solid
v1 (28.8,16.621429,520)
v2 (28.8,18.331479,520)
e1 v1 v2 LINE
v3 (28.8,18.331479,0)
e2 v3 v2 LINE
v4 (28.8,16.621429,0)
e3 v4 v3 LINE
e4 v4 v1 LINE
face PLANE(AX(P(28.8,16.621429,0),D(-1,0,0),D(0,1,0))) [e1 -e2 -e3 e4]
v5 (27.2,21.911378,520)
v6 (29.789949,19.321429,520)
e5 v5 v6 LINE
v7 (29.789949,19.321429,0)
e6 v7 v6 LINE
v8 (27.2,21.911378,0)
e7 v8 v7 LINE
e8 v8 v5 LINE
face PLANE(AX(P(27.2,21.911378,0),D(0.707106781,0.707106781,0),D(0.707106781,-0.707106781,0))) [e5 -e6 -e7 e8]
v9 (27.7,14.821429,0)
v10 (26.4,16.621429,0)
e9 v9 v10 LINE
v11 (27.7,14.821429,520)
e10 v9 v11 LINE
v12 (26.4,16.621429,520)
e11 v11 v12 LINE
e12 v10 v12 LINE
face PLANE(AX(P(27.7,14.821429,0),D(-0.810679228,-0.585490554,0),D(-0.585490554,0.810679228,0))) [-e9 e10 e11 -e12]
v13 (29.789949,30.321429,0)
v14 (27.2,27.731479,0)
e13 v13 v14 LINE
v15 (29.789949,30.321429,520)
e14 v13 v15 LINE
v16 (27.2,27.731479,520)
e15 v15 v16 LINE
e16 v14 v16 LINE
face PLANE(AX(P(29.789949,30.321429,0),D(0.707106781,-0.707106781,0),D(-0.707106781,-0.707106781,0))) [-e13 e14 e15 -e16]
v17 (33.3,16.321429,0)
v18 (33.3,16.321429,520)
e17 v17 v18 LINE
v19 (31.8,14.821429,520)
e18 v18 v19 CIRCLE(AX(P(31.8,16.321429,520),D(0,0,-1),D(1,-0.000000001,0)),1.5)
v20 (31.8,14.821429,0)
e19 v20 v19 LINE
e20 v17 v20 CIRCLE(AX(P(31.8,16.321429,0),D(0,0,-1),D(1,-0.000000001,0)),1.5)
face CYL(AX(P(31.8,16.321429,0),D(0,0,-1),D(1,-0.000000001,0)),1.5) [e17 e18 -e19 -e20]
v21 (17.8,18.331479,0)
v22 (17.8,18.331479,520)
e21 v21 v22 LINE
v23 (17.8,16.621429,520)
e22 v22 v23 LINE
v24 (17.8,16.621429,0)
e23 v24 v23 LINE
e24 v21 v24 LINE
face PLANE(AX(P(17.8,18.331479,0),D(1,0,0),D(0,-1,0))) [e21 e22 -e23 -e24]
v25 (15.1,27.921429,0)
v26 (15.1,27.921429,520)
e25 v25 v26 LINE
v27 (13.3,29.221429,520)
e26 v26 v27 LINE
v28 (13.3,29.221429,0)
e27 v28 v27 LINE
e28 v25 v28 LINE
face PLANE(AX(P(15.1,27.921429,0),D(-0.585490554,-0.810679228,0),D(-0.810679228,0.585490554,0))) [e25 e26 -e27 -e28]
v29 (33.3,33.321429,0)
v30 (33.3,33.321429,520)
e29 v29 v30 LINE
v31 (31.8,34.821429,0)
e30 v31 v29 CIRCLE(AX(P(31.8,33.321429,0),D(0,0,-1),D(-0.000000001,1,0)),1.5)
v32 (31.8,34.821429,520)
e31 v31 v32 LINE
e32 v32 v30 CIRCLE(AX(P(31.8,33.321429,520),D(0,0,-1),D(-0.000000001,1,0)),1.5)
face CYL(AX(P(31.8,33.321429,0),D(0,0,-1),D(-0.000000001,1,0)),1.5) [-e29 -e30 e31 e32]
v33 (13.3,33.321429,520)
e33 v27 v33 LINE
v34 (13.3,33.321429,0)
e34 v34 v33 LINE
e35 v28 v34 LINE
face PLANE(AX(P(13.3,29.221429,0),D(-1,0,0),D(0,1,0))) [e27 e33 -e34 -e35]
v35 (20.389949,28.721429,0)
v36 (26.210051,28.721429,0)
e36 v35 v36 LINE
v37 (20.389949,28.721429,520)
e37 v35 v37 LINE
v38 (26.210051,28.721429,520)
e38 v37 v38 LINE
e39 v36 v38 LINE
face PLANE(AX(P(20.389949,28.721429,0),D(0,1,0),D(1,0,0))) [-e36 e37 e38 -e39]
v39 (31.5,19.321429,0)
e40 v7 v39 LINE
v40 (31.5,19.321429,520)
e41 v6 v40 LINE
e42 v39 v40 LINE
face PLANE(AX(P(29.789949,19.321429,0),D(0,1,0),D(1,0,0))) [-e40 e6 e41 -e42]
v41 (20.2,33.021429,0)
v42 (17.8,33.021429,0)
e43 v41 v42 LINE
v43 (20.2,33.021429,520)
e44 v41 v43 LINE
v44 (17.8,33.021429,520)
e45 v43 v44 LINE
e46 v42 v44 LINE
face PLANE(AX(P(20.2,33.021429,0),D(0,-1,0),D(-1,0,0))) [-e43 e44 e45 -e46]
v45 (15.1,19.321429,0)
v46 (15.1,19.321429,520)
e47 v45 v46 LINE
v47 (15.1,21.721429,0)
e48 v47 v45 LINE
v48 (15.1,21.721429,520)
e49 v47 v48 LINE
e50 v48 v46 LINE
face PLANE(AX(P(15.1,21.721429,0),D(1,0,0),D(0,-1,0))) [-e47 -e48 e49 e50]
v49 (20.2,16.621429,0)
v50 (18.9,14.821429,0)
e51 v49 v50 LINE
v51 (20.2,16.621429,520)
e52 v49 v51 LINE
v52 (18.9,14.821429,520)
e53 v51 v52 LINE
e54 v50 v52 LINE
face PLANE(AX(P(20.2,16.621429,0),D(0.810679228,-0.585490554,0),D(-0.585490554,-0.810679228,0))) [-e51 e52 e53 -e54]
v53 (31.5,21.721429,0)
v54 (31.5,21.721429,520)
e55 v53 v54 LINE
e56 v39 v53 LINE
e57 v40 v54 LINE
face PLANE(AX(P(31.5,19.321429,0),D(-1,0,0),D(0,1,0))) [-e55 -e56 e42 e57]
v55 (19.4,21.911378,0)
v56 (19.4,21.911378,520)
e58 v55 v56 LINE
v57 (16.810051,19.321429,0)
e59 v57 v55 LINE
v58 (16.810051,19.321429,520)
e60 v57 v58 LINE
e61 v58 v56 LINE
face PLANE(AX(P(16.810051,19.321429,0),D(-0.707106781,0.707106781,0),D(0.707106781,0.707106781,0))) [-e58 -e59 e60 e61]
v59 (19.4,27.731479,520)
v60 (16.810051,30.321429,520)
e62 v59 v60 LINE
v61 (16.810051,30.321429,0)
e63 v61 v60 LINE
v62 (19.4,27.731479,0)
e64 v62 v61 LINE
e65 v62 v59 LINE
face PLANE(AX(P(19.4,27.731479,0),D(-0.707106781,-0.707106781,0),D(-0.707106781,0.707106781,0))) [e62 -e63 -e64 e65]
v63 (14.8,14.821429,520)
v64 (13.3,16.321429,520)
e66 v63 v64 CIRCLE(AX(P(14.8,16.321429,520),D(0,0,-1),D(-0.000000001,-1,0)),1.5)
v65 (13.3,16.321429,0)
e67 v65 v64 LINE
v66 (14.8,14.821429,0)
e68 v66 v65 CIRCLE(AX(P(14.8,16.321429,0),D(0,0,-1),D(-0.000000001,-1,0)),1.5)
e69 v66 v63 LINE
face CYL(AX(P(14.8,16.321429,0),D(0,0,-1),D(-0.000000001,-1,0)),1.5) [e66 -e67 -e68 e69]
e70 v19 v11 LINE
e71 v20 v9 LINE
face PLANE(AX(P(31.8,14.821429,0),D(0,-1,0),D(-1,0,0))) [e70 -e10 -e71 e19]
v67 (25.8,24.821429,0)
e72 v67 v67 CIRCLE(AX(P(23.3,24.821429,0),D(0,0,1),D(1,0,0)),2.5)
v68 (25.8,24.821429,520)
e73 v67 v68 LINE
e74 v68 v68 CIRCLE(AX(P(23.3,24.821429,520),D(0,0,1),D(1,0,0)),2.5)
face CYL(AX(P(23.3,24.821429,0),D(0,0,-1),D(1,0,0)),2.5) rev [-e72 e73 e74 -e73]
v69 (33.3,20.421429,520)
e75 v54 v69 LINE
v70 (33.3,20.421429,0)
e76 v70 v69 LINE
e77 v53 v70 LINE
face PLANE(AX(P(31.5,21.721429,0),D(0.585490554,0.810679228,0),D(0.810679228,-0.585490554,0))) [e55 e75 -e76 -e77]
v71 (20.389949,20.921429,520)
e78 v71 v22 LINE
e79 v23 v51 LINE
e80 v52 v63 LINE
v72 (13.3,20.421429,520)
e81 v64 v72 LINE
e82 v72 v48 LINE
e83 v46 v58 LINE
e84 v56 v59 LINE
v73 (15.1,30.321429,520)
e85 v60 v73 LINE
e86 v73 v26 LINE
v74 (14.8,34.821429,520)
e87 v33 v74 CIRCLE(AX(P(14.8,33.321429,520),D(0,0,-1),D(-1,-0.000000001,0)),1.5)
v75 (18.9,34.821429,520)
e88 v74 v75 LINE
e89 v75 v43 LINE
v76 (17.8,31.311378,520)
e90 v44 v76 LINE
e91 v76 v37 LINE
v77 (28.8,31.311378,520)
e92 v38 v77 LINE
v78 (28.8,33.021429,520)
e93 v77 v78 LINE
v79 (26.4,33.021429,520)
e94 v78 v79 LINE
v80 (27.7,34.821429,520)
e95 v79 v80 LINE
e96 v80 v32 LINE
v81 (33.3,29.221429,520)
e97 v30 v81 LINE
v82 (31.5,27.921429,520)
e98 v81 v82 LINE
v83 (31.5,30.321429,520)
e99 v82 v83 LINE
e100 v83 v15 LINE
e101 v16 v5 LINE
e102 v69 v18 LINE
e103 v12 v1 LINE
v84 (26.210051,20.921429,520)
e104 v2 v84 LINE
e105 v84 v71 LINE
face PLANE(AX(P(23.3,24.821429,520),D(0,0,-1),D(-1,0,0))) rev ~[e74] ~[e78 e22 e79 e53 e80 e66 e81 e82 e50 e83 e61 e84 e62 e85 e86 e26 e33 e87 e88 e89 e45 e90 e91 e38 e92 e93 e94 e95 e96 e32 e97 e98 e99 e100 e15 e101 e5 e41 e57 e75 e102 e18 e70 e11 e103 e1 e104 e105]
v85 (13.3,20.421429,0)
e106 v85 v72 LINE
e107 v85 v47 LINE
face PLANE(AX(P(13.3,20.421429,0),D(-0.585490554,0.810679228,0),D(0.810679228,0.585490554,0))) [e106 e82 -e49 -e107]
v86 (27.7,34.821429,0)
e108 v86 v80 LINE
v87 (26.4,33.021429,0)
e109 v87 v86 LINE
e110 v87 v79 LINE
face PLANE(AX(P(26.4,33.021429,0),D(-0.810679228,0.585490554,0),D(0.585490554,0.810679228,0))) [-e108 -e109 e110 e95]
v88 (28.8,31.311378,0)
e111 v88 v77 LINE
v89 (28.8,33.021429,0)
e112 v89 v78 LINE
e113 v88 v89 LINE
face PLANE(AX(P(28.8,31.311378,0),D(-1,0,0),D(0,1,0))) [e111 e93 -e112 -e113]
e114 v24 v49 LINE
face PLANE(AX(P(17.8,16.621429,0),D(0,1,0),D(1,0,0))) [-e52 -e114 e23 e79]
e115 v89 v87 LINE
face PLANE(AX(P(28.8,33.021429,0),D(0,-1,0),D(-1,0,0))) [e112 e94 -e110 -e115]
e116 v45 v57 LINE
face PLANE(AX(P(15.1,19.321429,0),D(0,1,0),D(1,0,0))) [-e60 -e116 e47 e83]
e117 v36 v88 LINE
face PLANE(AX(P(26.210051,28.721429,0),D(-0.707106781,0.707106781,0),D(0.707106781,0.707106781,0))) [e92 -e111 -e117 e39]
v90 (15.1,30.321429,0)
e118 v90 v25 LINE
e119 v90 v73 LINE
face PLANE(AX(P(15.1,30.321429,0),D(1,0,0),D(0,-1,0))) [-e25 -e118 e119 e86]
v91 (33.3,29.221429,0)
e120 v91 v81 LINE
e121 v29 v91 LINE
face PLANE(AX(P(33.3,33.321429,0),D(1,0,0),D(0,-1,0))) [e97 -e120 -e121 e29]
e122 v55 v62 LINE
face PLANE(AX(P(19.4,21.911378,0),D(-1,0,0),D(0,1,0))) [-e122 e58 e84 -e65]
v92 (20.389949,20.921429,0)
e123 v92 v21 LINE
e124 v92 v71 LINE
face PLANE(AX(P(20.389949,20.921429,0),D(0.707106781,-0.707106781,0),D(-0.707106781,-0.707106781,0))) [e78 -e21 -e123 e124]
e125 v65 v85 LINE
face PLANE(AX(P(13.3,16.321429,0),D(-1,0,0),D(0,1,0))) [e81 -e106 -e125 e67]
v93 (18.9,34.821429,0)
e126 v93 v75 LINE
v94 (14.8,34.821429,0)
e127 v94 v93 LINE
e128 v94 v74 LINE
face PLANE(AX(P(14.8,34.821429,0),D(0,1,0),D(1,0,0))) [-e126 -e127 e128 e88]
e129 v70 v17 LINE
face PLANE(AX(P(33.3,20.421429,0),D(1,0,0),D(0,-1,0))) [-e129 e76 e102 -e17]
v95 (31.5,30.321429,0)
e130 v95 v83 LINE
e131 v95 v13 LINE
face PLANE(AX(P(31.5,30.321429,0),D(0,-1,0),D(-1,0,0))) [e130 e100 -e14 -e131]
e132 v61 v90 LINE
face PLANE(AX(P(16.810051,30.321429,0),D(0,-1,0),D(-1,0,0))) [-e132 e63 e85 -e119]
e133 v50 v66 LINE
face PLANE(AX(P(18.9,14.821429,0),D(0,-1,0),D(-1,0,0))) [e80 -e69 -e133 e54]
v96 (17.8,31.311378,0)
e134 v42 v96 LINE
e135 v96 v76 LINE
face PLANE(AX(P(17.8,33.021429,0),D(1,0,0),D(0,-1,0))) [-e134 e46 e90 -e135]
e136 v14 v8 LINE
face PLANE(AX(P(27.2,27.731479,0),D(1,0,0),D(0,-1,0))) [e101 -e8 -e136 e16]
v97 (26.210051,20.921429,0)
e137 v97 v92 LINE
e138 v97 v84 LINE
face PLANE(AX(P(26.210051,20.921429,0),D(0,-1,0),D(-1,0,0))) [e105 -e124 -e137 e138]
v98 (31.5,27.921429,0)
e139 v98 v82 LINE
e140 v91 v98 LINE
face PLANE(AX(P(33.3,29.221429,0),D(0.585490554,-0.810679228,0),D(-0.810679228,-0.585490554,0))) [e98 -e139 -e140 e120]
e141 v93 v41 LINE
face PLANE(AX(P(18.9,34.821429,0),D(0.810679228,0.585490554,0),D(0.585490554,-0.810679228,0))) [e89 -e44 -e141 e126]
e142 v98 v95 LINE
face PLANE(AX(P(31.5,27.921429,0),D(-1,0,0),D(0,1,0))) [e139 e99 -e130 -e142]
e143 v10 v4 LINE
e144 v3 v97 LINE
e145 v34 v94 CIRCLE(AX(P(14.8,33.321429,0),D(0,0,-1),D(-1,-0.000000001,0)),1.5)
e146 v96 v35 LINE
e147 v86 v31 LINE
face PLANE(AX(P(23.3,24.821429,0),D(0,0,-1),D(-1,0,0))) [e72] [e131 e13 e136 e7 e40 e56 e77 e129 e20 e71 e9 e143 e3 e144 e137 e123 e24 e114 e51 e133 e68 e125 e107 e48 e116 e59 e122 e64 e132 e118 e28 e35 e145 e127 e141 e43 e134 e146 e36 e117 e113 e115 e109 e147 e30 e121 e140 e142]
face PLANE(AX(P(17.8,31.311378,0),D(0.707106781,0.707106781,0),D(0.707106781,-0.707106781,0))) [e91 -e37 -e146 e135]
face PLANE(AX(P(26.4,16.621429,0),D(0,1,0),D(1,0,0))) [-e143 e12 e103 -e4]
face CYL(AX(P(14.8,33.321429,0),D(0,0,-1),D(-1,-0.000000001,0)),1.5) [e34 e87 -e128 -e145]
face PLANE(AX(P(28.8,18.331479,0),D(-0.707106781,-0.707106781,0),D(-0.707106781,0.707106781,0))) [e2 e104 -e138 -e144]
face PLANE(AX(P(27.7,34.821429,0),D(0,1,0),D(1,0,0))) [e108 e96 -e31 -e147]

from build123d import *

# Parameters (mm, degrees)
SKETCH_1_R      = 2.5
EXTRUDE_1_DEPTH = 520


with BuildPart() as part:
    # 草图1 → 凸台-拉伸1 (new body)
    with BuildSketch(Plane.XY):
        with BuildLine():
            Line((14.8, 34.821428571), (18.9, 34.821428571))
            Line((18.9, 34.821428571), (20.2, 33.021428571))
            Line((20.2, 33.021428571), (17.8, 33.021428571))
            Line((17.8, 33.021428571), (17.8, 31.311378065))
            Line((17.8, 31.311378065), (20.389949494, 28.721428571))
            Line((20.389949494, 28.721428571), (26.210050506, 28.721428571))
            Line((26.210050506, 28.721428571), (28.8, 31.311378065))
            Line((28.8, 31.311378065), (28.8, 33.021428571))
            Line((28.8, 33.021428571), (26.4, 33.021428571))
            Line((26.4, 33.021428571), (27.7, 34.821428571))
            Line((27.7, 34.821428571), (31.8, 34.821428571))
            ThreePointArc((31.8, 34.821428571), (32.860660172, 34.382088743), (33.3, 33.321428571))
            Line((33.3, 33.321428571), (33.3, 29.221428571))
            Line((33.3, 29.221428571), (31.5, 27.921428571))
            Line((31.5, 27.921428571), (31.5, 30.321428571))
            Line((31.5, 30.321428571), (29.789949494, 30.321428571))
            Line((29.789949494, 30.321428571), (27.2, 27.731479078))
            Line((27.2, 27.731479078), (27.2, 21.911378065))
            Line((27.2, 21.911378065), (29.789949494, 19.321428571))
            Line((29.789949494, 19.321428571), (31.5, 19.321428571))
            Line((31.5, 19.321428571), (31.5, 21.721428571))
            Line((31.5, 21.721428571), (33.3, 20.421428571))
            Line((33.3, 20.421428571), (33.3, 16.321428571))
            ThreePointArc((33.3, 16.321428571), (32.860660172, 15.2607684), (31.8, 14.821428571))
            Line((31.8, 14.821428571), (27.7, 14.821428571))
            Line((27.7, 14.821428571), (26.4, 16.621428571))
            Line((26.4, 16.621428571), (28.8, 16.621428571))
            Line((28.8, 16.621428571), (28.8, 18.331479078))
            Line((28.8, 18.331479078), (26.210050506, 20.921428571))
            Line((26.210050506, 20.921428571), (20.389949494, 20.921428571))
            Line((20.389949494, 20.921428571), (17.8, 18.331479078))
            Line((17.8, 18.331479078), (17.8, 16.621428571))
            Line((17.8, 16.621428571), (20.2, 16.621428571))
            Line((20.2, 16.621428571), (18.9, 14.821428571))
            Line((18.9, 14.821428571), (14.8, 14.821428571))
            ThreePointArc((14.8, 14.821428571), (13.739339828, 15.2607684), (13.3, 16.321428571))
            Line((13.3, 16.321428571), (13.3, 20.421428571))
            Line((13.3, 20.421428571), (15.1, 21.721428571))
            Line((15.1, 21.721428571), (15.1, 19.321428571))
            Line((15.1, 19.321428571), (16.810050506, 19.321428571))
            Line((16.810050506, 19.321428571), (19.4, 21.911378065))
            Line((19.4, 21.911378065), (19.4, 27.731479078))
            Line((19.4, 27.731479078), (16.810050506, 30.321428571))
            Line((16.810050506, 30.321428571), (15.1, 30.321428571))
            Line((15.1, 30.321428571), (15.1, 27.921428571))
            Line((15.1, 27.921428571), (13.3, 29.221428571))
            Line((13.3, 29.221428571), (13.3, 33.321428571))
            ThreePointArc((13.3, 33.321428571), (13.739339828, 34.382088743), (14.8, 34.821428571))
        make_face()
        with Locations((23.3, 24.821428571)):
            Circle(SKETCH_1_R, mode=Mode.SUBTRACT)
    extrude(amount=EXTRUDE_1_DEPTH)


solid = part.part
